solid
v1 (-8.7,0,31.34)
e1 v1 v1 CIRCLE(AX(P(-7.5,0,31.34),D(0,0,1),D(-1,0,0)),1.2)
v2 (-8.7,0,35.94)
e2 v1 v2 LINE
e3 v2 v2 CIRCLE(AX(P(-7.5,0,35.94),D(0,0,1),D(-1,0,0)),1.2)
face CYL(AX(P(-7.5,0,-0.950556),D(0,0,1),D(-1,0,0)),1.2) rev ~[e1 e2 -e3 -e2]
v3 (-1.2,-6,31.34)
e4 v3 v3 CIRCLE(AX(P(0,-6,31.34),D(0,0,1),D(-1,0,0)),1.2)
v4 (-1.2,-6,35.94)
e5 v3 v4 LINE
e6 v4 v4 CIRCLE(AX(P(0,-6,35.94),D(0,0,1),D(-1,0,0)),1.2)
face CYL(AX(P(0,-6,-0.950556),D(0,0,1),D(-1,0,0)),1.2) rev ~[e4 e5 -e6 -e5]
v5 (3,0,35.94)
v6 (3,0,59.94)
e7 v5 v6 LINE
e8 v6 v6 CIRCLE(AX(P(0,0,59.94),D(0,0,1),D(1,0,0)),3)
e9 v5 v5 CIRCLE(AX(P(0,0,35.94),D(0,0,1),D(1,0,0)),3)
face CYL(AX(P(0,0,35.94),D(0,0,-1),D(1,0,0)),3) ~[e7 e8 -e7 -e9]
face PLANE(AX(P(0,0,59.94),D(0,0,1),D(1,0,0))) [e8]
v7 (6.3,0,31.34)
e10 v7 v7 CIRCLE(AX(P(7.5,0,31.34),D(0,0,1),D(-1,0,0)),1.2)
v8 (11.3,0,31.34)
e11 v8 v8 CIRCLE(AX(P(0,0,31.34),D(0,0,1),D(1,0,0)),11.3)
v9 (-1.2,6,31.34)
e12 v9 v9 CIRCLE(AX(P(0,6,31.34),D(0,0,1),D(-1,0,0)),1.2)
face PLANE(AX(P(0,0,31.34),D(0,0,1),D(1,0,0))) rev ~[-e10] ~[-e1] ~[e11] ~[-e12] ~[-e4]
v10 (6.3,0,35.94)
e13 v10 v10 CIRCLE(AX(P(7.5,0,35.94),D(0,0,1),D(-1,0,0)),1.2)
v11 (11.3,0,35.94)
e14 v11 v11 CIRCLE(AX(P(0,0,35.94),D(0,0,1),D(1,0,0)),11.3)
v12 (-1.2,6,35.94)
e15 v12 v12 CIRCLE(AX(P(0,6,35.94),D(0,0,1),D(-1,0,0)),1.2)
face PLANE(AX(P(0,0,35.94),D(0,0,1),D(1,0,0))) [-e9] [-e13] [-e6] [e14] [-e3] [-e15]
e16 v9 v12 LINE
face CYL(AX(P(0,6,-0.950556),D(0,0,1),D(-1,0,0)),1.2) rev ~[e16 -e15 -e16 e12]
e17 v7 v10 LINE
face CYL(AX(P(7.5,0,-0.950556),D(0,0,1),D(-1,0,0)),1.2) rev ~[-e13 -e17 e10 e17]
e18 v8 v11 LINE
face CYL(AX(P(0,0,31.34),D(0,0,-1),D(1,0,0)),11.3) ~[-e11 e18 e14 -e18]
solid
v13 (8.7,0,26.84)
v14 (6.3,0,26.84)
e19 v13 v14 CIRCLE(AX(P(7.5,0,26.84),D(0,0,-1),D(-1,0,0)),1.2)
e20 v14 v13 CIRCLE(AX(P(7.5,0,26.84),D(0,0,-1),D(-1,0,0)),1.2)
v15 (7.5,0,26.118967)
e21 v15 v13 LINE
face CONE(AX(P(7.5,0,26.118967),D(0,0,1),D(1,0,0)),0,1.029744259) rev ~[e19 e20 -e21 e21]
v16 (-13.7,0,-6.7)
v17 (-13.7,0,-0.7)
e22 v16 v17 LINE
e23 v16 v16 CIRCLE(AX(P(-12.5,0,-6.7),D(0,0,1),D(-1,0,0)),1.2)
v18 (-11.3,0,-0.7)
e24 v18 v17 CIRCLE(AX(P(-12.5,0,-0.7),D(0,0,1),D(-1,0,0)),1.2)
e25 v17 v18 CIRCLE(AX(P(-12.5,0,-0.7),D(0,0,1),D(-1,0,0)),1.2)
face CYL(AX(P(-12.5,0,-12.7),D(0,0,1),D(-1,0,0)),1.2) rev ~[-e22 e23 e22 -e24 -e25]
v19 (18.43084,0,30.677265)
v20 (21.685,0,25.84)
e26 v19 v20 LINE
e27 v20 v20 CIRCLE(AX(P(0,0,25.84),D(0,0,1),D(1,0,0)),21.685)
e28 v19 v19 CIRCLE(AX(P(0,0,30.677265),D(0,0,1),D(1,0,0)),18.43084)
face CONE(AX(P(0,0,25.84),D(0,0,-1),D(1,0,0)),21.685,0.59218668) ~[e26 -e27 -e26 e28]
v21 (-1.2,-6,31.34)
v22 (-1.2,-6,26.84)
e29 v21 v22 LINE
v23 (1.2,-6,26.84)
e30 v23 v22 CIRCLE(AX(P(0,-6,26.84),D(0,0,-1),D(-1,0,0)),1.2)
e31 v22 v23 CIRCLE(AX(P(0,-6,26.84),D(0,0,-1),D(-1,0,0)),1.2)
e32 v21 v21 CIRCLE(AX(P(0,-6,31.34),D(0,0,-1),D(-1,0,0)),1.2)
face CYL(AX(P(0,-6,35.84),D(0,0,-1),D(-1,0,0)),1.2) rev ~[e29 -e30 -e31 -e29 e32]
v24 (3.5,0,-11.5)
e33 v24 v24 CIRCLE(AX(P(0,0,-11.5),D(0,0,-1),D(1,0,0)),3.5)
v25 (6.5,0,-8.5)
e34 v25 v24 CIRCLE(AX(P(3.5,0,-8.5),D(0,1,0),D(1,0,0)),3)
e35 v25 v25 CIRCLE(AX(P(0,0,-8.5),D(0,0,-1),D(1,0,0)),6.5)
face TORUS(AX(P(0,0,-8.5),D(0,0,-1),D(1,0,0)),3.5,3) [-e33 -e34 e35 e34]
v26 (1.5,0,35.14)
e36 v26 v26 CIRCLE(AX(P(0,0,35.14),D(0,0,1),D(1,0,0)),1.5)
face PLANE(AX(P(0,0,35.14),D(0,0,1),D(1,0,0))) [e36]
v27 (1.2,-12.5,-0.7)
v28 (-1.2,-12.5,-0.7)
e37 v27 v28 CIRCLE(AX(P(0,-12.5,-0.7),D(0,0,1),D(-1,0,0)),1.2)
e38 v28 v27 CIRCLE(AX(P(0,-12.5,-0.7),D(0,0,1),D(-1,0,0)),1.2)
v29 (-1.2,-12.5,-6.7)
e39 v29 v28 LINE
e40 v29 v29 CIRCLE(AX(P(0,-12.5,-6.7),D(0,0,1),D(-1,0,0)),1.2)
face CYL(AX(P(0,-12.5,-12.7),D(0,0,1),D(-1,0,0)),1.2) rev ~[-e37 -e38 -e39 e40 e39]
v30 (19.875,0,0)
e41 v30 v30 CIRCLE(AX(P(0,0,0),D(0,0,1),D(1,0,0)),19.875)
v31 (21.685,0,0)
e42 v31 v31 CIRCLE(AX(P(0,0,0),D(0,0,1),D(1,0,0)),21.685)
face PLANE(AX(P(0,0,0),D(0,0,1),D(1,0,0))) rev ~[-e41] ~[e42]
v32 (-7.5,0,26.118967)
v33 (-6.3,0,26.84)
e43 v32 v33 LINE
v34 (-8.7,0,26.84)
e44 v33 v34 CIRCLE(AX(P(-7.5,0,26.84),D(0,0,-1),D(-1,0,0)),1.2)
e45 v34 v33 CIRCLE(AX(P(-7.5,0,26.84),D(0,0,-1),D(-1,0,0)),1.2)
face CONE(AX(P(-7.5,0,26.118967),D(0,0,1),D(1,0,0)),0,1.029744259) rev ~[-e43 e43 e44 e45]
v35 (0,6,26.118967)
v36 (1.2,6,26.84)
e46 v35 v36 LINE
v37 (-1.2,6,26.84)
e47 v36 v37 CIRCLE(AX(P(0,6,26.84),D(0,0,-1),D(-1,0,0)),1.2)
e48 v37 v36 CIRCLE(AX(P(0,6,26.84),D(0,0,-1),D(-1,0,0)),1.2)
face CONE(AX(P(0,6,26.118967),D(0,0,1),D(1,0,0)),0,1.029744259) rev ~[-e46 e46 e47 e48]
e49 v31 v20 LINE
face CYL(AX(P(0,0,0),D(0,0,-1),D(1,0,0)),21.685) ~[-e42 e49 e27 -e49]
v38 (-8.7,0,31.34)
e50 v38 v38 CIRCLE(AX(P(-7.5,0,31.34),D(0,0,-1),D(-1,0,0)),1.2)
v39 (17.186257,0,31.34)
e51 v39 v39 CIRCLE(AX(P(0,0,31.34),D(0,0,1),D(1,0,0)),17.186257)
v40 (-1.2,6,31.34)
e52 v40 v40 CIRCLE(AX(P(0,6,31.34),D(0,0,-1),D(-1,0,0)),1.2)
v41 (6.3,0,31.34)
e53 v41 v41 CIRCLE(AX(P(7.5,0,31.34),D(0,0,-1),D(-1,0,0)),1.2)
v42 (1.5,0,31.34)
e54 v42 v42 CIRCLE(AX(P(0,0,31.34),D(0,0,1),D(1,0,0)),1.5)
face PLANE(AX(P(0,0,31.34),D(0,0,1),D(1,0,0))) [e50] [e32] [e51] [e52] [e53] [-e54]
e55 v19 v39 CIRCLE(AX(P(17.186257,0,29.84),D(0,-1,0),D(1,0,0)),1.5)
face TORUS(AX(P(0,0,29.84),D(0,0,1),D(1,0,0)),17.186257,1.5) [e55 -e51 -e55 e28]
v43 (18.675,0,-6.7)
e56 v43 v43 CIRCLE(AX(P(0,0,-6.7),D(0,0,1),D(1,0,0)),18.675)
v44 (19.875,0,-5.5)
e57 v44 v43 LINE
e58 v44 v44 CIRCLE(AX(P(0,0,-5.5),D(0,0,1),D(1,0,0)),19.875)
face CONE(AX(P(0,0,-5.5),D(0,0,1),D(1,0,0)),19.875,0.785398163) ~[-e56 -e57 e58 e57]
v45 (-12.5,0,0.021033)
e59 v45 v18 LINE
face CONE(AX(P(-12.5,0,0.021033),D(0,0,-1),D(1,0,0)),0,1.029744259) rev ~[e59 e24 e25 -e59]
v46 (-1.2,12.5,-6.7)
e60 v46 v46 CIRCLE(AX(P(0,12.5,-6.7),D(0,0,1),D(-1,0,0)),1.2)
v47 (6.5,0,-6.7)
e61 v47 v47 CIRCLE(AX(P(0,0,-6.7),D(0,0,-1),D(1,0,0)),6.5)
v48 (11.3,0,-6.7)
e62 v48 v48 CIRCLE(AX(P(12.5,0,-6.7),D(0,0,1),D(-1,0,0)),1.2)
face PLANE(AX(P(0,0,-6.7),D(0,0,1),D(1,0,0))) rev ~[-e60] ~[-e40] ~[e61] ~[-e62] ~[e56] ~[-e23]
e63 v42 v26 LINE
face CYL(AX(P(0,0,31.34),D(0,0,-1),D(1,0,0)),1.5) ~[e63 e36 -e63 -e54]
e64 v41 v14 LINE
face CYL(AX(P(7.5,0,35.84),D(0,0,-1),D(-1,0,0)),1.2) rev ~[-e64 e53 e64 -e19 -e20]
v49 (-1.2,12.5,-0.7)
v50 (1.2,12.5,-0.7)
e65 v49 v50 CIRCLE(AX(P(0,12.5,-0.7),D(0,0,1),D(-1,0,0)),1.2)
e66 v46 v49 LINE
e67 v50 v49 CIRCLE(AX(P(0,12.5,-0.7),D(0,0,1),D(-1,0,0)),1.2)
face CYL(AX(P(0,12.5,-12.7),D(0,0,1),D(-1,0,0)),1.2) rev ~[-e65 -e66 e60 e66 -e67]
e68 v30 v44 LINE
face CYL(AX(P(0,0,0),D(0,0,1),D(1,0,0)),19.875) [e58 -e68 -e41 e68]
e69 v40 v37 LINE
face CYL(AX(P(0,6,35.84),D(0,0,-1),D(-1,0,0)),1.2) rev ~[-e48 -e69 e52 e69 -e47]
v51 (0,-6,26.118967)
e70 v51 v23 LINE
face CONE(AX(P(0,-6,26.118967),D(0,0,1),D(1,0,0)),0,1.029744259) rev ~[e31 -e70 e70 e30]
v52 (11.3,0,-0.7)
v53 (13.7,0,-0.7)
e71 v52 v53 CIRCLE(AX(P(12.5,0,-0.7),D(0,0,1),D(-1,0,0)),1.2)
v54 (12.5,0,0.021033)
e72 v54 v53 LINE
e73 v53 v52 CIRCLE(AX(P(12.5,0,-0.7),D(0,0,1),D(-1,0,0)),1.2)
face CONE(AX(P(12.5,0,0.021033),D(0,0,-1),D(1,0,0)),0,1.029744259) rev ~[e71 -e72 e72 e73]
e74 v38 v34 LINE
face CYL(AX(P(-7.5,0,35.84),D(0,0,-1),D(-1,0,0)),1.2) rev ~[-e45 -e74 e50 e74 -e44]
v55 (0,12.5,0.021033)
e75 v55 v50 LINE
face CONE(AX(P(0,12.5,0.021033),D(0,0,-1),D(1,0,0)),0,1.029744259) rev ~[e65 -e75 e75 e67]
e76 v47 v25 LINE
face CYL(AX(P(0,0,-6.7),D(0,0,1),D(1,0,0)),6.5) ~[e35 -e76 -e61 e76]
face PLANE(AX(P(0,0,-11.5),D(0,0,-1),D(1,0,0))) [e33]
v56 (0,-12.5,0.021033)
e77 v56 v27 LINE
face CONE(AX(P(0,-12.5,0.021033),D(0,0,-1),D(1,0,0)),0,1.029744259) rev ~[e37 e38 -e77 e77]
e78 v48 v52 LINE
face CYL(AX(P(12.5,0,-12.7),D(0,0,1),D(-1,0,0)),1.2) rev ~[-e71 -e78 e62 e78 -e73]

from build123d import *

# Parameters (mm, degrees)
F0_R      = 21.685
F1_DEPTH  = 31.34
F2_R      = 19.875
F3_DEPTH  = 6.7
F4_SIZE2  = 5.5
F4_SIZE   = 3.7
F5_R      = 1.5
F6_SIZE   = 1.2
F7_R      = 1.5
F8_DEPTH  = 3.8
F10_D     = 2.4
F10_DEPTH = 6
F10_TIP   = 0.7210327428
F11_R     = 6.5
F12_DEPTH = 4.8
F13_R     = 3
F15_D     = 2.4
F15_DEPTH = 4.5
F15_TIP   = 0.7210327428
F16_R     = 11.3
F17_DEPTH = 4.6
F18_D     = 2.4
F19_R     = 3
F20_DEPTH = 24


with BuildPart() as f1:
    # F0 (on Top) → F1 (new body)
    with BuildSketch(Plane.XY):
        Circle(F0_R)
    extrude(amount=F1_DEPTH)

    # F2 (on Top) → F3 (join)
    with BuildSketch(Plane.XY):
        Circle(F2_R)
    extrude(amount=-F3_DEPTH)

    # F4
    f4_edges = [f1.edges().sort_by_distance(p)[0] for p in [
        (-21.685, 0, 31.34),
    ]]
    f4_side = f1.faces().sort_by_distance((0, 0, 31.34))[0]
    chamfer(f4_edges, length=F4_SIZE, length2=F4_SIZE2, reference=f4_side)

    # F5
    f5_edges = [f1.edges().sort_by_distance(p)[0] for p in [
        (-17.985, 0, 31.34),
    ]]
    fillet(f5_edges, radius=F5_R)

    # F6
    f6_edges = [f1.edges().sort_by_distance(p)[0] for p in [
        (-19.875, 0, -6.7),
    ]]
    chamfer(f6_edges, length=F6_SIZE)

    # F7 (on face) → F8 (join)
    with BuildSketch(Plane.XY.offset(31.34)):
        Circle(F7_R)
    extrude(amount=F8_DEPTH)

    # F10
    with Locations(Plane(origin=(0, 0, -6.7), x_dir=(1, 0, 0), z_dir=(0, 0, -1))):
        with Locations((0, 12.5), (-12.5, 0), (0, -12.5), (12.5, 0)):
            Hole(F10_D / 2, depth=F10_DEPTH)
            with Locations((0, 0, -(F10_DEPTH + F10_TIP / 2))):  # 118° drill point
                Cone(0, F10_D / 2, F10_TIP, mode=Mode.SUBTRACT)

    # F11 (on face) → F12 (join)
    with BuildSketch(Plane(origin=(0, 0, -6.7), x_dir=(1, 0, 0), z_dir=(0, 0, -1))):
        Circle(F11_R)
    extrude(amount=F12_DEPTH)

    # F13
    f13_edges = [f1.edges().sort_by_distance(p)[0] for p in [
        (-6.5, 0, -11.5),
    ]]
    fillet(f13_edges, radius=F13_R)

    # F15
    with Locations(Plane.XY.offset(31.34)):
        with Locations((0, -6), (0, 6), (7.5, 0), (-7.5, 0)):
            Hole(F15_D / 2, depth=F15_DEPTH)
            with Locations((0, 0, -(F15_DEPTH + F15_TIP / 2))):  # 118° drill point
                Cone(0, F15_D / 2, F15_TIP, mode=Mode.SUBTRACT)


with BuildPart() as f17:
    # F16 (on face) → F17 (new body)
    with BuildSketch(Plane.XY.offset(31.34)):
        Circle(F16_R)
    extrude(amount=F17_DEPTH)

    # F18 (through all)
    with Locations(Plane(origin=(0, 0, 31.34), x_dir=(1, 0, 0), z_dir=(0, 0, -1))):
        with Locations((0, 6), (-7.5, 0), (7.5, 0), (0, -6)):
            Hole(F18_D / 2)

    # F19 (on face) → F20 (join)
    with BuildSketch(Plane.XY.offset(35.94)):
        Circle(F19_R)
    extrude(amount=F20_DEPTH)


solid = Compound([f1.part, f17.part])
